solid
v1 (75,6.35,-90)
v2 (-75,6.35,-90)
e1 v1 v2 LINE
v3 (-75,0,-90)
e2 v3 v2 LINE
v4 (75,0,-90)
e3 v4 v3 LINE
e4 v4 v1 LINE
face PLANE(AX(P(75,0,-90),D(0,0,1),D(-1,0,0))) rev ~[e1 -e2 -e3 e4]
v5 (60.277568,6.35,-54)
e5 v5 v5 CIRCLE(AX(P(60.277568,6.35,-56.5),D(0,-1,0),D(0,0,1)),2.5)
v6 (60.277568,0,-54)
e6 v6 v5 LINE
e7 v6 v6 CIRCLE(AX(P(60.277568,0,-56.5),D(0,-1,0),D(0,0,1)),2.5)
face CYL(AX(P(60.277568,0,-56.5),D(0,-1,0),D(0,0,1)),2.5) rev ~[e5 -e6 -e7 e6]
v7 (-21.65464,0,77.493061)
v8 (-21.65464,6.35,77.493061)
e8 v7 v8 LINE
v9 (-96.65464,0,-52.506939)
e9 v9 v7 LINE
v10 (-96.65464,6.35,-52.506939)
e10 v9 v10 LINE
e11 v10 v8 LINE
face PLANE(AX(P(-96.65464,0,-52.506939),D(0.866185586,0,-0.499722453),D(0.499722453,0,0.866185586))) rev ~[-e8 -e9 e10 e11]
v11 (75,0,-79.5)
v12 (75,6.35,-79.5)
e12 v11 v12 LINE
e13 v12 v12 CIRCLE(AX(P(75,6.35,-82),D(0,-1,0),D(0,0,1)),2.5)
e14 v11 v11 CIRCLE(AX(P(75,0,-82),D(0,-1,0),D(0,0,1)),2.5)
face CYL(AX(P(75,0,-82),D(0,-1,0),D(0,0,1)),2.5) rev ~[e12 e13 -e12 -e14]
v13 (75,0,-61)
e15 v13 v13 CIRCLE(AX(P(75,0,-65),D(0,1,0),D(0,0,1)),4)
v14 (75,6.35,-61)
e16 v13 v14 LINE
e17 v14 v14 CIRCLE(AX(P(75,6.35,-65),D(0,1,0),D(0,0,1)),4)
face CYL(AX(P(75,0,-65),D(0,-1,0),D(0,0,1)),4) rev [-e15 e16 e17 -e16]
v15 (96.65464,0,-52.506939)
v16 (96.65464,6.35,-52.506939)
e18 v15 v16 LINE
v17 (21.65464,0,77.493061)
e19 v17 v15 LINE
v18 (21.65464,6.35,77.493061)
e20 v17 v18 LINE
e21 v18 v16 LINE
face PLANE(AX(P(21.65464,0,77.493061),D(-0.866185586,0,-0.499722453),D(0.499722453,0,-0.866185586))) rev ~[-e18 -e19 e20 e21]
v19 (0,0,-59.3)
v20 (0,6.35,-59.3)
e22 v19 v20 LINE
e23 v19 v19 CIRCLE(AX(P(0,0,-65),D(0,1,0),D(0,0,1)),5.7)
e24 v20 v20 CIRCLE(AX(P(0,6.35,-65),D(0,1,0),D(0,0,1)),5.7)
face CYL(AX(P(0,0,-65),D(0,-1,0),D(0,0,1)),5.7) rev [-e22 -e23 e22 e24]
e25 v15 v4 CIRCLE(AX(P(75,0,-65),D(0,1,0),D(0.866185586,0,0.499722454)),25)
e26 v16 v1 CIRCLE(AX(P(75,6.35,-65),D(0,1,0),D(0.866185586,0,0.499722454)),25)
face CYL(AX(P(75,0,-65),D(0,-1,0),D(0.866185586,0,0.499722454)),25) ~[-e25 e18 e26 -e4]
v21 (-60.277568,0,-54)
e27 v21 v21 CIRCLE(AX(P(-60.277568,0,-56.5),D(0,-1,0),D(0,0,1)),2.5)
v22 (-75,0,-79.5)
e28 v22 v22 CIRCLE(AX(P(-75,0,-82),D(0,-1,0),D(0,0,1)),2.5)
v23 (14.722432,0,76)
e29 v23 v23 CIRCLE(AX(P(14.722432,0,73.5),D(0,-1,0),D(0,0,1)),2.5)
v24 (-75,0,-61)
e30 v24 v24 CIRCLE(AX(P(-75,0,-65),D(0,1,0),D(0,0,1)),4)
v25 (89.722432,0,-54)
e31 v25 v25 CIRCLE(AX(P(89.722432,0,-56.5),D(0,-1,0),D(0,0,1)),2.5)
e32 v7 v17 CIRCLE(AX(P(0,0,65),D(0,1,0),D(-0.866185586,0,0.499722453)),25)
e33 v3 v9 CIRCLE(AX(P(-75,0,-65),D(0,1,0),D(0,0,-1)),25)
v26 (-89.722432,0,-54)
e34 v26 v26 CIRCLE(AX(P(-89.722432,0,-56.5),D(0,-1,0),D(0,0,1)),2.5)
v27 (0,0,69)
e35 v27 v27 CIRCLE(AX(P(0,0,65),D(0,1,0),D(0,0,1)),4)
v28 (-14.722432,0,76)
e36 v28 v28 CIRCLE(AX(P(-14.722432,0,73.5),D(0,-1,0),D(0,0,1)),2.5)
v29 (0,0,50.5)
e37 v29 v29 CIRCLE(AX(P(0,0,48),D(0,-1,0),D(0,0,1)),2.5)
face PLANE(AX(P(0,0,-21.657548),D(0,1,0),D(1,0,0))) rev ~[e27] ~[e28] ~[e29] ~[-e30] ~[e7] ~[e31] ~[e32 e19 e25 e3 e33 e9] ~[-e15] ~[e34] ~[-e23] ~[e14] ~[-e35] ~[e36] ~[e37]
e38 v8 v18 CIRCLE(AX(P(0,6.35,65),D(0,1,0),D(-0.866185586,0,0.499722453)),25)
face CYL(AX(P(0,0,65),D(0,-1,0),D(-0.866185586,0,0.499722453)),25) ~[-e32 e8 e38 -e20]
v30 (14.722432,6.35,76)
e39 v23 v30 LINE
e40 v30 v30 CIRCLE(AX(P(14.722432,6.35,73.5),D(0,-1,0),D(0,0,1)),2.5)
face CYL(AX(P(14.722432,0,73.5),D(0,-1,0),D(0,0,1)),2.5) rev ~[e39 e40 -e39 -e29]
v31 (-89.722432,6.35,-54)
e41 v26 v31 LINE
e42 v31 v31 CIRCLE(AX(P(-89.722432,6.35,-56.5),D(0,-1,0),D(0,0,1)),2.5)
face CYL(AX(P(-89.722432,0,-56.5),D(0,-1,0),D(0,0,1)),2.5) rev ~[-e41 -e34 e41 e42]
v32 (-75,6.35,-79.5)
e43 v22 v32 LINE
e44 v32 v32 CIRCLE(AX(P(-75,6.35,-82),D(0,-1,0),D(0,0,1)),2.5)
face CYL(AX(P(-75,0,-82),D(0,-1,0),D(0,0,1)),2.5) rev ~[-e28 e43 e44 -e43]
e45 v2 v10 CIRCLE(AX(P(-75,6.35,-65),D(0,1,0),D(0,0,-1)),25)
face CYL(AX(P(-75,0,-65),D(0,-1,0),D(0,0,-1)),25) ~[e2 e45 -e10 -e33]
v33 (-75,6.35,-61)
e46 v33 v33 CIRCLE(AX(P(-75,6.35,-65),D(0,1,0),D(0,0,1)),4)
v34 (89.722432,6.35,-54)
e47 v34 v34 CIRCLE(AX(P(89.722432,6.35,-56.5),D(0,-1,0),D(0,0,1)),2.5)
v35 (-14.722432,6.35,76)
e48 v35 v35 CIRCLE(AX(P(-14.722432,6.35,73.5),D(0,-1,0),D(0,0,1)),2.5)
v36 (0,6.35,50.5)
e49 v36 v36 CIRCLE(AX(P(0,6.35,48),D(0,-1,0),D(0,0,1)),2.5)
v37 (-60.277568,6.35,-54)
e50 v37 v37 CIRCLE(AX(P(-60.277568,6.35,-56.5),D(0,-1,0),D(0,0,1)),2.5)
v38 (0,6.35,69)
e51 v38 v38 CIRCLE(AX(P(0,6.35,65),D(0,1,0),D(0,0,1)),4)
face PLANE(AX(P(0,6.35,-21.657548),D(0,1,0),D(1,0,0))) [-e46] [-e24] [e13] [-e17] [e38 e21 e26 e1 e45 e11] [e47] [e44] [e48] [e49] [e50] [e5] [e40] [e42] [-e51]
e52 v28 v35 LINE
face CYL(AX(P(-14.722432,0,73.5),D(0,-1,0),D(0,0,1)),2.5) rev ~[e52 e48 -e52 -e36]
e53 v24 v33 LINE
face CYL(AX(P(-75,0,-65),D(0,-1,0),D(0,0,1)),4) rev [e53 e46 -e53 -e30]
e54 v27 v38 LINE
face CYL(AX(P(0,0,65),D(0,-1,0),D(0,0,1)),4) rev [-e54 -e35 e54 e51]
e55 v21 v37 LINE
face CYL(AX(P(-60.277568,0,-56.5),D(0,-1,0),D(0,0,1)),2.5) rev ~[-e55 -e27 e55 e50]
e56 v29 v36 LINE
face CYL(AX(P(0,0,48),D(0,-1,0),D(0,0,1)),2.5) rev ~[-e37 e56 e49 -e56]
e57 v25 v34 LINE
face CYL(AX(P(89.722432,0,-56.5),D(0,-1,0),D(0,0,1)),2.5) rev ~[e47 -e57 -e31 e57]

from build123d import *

# Parameters (mm, degrees)
ESQUISSE1_R             = 5.7
ESQUISSE1_R_2           = 4
BOSS_EXTRU_1_DEPTH      = 6.35
ESQUISSE4_R             = 2.5
ENL_V_MAT_EXTRU_1_DEPTH = 6.35


with BuildPart() as part:
    # Esquisse1 → Boss.-Extru.1 (new body)
    with BuildSketch(Plane(origin=(0, 0, 0), x_dir=(1, 0, 0), z_dir=(0, 1, 0))):
        with BuildLine():
            Line((-96.654639651, 52.506938663), (-21.654639651, -77.493061337))
            ThreePointArc((-21.654639651, -77.493061337), (0, -90), (21.654639651, -77.493061337))
            Line((21.654639651, -77.493061337), (96.654639651, 52.506938663))
            ThreePointArc((96.654639651, 52.506938663), (96.648631983, 77.50346885), (75, 90))
            Line((75, 90), (-75, 90))
            ThreePointArc((-75, 90), (-96.648631983, 77.50346885), (-96.654639651, 52.506938663))
        make_face()
        with Locations(Location((0, 65, 0), (0, 0, 270))):
            Circle(ESQUISSE1_R, mode=Mode.SUBTRACT)
        with Locations(Location((-75, 65, 0), (0, 0, 270))):
            Circle(ESQUISSE1_R_2, mode=Mode.SUBTRACT)
        with Locations(Location((75, 65, 0), (0, 0, 270))):
            Circle(ESQUISSE1_R_2, mode=Mode.SUBTRACT)
        with Locations(Location((0, -65, 0), (0, 0, 270))):
            Circle(ESQUISSE1_R_2, mode=Mode.SUBTRACT)
    extrude(amount=BOSS_EXTRU_1_DEPTH)

    # Esquisse4 → Enlèv. mat.-Extru.1 (cut)
    with BuildSketch(Plane.XZ):
        with Locations(Location((-75, -82, 0), (0, 0, 90))):
            Circle(ESQUISSE4_R)
        with Locations(Location((-89.722431864, -56.5, 0), (0, 0, 90))):
            Circle(ESQUISSE4_R)
        with Locations(Location((-60.277568136, -56.5, 0), (0, 0, 90))):
            Circle(ESQUISSE4_R)
        with Locations(Location((60.277568136, -56.5, 0), (0, 0, 90))):
            Circle(ESQUISSE4_R)
        with Locations(Location((75, -82, 0), (0, 0, 90))):
            Circle(ESQUISSE4_R)
        with Locations(Location((89.722431864, -56.5, 0), (0, 0, 90))):
            Circle(ESQUISSE4_R)
        with Locations(Location((-14.722431864, 73.5, 0), (0, 0, 90))):
            Circle(ESQUISSE4_R)
        with Locations(Location((0, 48, 0), (0, 0, 90))):
            Circle(ESQUISSE4_R)
        with Locations(Location((14.722431864, 73.5, 0), (0, 0, 90))):
            Circle(ESQUISSE4_R)
    extrude(amount=-ENL_V_MAT_EXTRU_1_DEPTH, mode=Mode.SUBTRACT)


solid = part.part
